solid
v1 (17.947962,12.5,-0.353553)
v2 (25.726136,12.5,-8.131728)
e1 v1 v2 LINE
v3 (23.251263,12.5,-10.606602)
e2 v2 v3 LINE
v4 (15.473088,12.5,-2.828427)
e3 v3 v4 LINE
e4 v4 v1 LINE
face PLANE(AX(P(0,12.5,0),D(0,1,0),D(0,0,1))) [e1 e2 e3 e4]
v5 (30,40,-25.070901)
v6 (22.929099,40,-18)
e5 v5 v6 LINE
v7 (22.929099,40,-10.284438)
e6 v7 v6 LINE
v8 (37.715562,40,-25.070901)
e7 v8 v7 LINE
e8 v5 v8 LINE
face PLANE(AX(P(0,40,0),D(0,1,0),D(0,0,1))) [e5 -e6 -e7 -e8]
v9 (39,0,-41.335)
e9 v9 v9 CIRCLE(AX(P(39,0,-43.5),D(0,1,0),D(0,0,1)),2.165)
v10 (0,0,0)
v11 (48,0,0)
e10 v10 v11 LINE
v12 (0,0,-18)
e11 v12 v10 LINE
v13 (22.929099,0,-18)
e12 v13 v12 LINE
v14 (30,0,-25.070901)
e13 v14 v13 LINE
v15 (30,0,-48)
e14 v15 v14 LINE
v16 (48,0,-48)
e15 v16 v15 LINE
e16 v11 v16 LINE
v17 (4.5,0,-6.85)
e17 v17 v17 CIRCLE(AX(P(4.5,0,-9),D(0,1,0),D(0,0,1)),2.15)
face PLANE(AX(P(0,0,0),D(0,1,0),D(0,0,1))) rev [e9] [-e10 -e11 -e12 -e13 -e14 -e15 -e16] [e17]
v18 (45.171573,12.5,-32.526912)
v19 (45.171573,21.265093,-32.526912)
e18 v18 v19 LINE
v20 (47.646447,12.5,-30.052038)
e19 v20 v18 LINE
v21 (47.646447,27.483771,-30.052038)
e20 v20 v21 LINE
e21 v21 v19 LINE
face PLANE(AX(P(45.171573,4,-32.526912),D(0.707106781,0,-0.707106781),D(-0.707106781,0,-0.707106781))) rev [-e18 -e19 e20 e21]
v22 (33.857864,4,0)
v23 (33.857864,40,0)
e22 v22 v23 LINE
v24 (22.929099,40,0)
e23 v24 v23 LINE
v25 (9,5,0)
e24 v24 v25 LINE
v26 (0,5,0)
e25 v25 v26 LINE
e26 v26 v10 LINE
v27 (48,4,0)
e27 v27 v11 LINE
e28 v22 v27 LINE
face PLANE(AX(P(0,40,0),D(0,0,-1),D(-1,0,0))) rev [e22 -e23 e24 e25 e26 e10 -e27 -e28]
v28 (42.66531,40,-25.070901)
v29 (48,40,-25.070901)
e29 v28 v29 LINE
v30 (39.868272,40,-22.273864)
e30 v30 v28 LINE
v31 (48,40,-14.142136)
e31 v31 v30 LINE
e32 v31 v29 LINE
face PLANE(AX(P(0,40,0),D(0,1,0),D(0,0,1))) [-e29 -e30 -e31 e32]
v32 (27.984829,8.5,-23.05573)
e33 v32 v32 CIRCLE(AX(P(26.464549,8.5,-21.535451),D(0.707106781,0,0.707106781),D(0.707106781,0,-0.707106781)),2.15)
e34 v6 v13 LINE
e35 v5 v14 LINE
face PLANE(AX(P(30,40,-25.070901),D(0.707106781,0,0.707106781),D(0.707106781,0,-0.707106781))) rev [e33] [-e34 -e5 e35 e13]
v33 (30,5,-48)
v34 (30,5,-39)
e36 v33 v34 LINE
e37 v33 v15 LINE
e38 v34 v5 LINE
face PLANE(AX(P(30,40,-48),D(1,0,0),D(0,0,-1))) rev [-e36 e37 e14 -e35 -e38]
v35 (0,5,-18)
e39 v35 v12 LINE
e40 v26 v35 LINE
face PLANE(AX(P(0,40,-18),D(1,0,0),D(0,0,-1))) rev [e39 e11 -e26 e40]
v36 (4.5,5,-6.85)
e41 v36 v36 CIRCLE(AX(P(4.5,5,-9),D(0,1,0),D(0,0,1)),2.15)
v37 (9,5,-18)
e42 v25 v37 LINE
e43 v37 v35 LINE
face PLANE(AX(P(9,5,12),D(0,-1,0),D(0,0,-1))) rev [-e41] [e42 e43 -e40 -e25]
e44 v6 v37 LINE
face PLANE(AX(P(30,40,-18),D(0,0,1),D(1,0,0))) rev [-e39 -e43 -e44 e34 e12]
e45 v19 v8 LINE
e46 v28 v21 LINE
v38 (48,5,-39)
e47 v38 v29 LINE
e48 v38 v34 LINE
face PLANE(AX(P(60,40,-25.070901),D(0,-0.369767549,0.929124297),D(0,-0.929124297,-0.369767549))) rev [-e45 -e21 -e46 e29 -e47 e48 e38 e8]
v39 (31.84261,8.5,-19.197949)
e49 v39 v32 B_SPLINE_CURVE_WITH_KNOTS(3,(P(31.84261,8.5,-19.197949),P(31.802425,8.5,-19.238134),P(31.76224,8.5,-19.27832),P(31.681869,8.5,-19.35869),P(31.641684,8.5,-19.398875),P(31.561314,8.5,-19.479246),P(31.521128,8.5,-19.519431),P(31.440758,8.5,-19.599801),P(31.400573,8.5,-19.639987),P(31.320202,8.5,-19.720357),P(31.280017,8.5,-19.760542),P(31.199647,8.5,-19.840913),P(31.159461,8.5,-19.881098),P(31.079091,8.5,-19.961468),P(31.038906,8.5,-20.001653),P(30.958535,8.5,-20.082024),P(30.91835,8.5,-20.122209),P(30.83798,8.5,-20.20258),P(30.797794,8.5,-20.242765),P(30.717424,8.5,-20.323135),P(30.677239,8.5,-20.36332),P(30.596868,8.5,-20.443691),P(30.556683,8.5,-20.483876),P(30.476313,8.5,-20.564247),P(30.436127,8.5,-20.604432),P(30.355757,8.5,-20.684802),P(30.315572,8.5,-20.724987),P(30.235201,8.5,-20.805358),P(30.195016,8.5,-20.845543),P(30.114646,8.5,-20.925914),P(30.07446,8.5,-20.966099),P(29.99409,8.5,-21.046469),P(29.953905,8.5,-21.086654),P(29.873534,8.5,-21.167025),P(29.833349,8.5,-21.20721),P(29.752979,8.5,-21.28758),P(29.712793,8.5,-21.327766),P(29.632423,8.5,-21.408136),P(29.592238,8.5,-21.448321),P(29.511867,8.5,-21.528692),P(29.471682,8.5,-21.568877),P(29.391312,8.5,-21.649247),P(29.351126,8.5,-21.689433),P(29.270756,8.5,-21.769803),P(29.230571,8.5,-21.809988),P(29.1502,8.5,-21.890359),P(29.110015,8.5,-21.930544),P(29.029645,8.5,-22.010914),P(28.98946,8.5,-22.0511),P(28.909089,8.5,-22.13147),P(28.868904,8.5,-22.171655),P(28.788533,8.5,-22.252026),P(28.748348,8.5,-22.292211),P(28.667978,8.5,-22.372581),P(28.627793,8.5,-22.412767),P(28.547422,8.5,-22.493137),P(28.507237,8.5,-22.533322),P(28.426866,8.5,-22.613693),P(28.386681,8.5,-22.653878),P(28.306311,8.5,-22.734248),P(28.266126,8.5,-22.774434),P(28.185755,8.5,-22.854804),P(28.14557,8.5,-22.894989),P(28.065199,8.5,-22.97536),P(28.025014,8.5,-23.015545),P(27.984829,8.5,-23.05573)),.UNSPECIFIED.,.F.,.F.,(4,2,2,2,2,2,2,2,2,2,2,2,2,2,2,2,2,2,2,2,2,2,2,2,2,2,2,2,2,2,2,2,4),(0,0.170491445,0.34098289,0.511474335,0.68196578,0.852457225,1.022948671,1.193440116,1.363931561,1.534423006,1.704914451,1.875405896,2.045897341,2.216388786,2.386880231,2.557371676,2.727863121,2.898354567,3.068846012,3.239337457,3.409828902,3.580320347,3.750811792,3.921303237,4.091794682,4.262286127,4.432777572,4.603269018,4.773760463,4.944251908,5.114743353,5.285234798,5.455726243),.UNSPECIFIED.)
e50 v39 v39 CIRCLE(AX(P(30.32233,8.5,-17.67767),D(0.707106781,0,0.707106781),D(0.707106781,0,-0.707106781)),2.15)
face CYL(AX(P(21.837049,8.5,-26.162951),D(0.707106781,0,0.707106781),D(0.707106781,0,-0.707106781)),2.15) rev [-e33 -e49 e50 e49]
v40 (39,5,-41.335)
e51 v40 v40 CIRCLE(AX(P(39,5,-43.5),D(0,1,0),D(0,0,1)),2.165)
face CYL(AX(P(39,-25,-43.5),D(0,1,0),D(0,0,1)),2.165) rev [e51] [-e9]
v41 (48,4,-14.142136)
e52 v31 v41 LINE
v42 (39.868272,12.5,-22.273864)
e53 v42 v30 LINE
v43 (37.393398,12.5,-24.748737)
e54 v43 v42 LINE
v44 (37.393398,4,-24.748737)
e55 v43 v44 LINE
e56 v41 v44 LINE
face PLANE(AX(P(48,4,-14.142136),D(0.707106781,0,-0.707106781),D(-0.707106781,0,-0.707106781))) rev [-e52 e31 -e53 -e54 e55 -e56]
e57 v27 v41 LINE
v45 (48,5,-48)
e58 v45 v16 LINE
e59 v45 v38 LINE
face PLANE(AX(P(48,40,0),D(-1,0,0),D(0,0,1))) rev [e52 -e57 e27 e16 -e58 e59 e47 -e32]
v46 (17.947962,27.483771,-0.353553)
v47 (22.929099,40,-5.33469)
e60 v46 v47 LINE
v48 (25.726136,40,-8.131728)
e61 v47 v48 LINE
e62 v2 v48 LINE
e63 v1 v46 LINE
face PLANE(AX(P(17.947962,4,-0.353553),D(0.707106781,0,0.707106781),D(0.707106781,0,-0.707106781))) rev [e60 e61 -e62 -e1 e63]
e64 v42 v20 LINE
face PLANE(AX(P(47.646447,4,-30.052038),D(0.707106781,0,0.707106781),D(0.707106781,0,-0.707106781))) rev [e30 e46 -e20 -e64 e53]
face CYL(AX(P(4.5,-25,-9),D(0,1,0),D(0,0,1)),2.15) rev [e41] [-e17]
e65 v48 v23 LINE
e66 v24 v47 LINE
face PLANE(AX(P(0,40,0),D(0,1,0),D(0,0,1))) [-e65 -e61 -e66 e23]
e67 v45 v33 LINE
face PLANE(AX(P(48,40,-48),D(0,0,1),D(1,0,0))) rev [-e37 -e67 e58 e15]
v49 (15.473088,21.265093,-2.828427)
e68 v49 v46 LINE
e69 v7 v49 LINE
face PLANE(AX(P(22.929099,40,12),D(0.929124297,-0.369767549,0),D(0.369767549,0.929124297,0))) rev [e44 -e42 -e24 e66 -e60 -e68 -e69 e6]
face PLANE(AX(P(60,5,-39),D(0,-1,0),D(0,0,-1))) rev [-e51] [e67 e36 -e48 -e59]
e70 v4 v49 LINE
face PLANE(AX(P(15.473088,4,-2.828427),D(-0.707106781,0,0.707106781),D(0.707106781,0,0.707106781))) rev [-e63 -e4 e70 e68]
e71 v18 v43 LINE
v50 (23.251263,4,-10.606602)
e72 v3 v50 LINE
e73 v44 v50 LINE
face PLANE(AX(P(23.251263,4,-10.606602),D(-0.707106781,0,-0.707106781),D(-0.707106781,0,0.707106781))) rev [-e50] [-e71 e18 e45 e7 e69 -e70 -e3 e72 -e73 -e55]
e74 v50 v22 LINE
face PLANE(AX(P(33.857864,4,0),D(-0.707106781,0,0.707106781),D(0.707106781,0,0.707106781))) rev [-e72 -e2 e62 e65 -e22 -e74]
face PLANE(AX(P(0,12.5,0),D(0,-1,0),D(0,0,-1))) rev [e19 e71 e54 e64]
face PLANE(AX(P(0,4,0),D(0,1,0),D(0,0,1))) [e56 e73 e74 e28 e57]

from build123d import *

# Parameters (mm, degrees)
SALIENTE_EXTRUIR1_DEPTH = 40
CORTAR_EXTRUIR4_DEPTH   = 36
SALIENTE_EXTRUIR2_DEPTH = 8.5
SALIENTE_EXTRUIR3_DEPTH = 40
CROQUIS5_R              = 2.15
CORTAR_EXTRUIR5_DEPTH   = 12
CORTAR_EXTRUIR7_DEPTH   = 30
CORTAR_EXTRUIR8_DEPTH   = 30
CROQUIS11_R             = 2.165
CORTAR_EXTRUIR9_DEPTH   = 30
CROQUIS12_R             = 2.15
CORTAR_EXTRUIR10_DEPTH  = 30


with BuildPart() as part:
    # Croquis2 → Saliente-Extruir1 (new body)
    with BuildSketch(Plane(origin=(0, 0, 0), x_dir=(1, 0, 0), z_dir=(0, 1, 0))):
        Polygon((0, 0), (48, 0), (48, 48), (30, 48), (30, 18), (0, 18), align=None)
    extrude(amount=SALIENTE_EXTRUIR1_DEPTH)

    # Croquis3 → Cortar-Extruir4 (cut)
    with BuildSketch(Plane(origin=(0, 40, 0), x_dir=(1, 0, 0), z_dir=(0, 1, 0))):
        Polygon((48, 14.142135624), (39.868272016, 22.273863607), (47.646446609, 30.0520382), (45.171572875, 32.526911935), (37.393398282, 24.748737342), (23.251262658, 10.606601718), (15.473088065, 2.828427125), (17.9479618, 0.353553391), (25.726136393, 8.131727984), (33.857864376, 0), (41.815185719, -7.957321343), (55.957321343, 6.184814281), align=None)
    extrude(amount=-CORTAR_EXTRUIR4_DEPTH, mode=Mode.SUBTRACT)

    # Croquis4 → Saliente-Extruir2 (add)
    with BuildSketch(Plane(origin=(0, 4, 0), x_dir=(1, 0, 0), z_dir=(0, 1, 0))):
        Polygon((39.868272016, 22.273863607), (37.393398282, 24.748737342), (45.171572875, 32.526911935), (47.646446609, 30.0520382), align=None)
        Polygon((15.473088065, 2.828427125), (17.9479618, 0.353553391), (25.726136393, 8.131727984), (23.251262658, 10.606601718), align=None)
    extrude(amount=SALIENTE_EXTRUIR2_DEPTH)

    # Croquis6 → Saliente-Extruir3 (add)
    with BuildSketch(Plane(origin=(0, 0, 0), x_dir=(1, 0, 0), z_dir=(0, 1, 0))):
        Polygon((30, 25.070901105), (22.929098895, 18), (30, 18), align=None)
    extrude(amount=SALIENTE_EXTRUIR3_DEPTH)

    # Croquis5 → Cortar-Extruir5 (cut)
    with BuildSketch(Plane(origin=(6.32233047, 0, 6.32233047), x_dir=(0.7071067811865472, 0, -0.7071067811865479), z_dir=(0.7071067811865479, 0, 0.7071067811865472))):
        with Locations((33.941125497, 8.5)):
            Circle(CROQUIS5_R)
    extrude(amount=-CORTAR_EXTRUIR5_DEPTH, mode=Mode.SUBTRACT)

    # Croquis9 → Cortar-Extruir7 (cut)
    with BuildSketch(Plane(origin=(0, 0, -18), x_dir=(-1, 0, 0), z_dir=(0, 0, -1))):
        Polygon((-22.929098895, 40), (-9, 5), (0, 5), (0, 40), align=None)
    extrude(amount=-CORTAR_EXTRUIR7_DEPTH, mode=Mode.SUBTRACT)

    # Croquis10 → Cortar-Extruir8 (cut)
    with BuildSketch(Plane.ZY.offset(-30)):
        Polygon((-25.070901105, 40), (-39, 5), (-48, 5), (-48, 40), align=None)
    extrude(amount=-CORTAR_EXTRUIR8_DEPTH, mode=Mode.SUBTRACT)

    # Croquis11 → Cortar-Extruir9 (cut)
    with BuildSketch(Plane(origin=(0, 5, 0), x_dir=(1, 0, 0), z_dir=(0, 1, 0))):
        with Locations((39, 43.5)):
            Circle(CROQUIS11_R)
    extrude(amount=-CORTAR_EXTRUIR9_DEPTH, mode=Mode.SUBTRACT)

    # Croquis12 → Cortar-Extruir10 (cut)
    with BuildSketch(Plane(origin=(0, 5, 0), x_dir=(1, 0, 0), z_dir=(0, 1, 0))):
        with Locations((4.5, 9)):
            Circle(CROQUIS12_R)
    extrude(amount=-CORTAR_EXTRUIR10_DEPTH, mode=Mode.SUBTRACT)


solid = part.part
